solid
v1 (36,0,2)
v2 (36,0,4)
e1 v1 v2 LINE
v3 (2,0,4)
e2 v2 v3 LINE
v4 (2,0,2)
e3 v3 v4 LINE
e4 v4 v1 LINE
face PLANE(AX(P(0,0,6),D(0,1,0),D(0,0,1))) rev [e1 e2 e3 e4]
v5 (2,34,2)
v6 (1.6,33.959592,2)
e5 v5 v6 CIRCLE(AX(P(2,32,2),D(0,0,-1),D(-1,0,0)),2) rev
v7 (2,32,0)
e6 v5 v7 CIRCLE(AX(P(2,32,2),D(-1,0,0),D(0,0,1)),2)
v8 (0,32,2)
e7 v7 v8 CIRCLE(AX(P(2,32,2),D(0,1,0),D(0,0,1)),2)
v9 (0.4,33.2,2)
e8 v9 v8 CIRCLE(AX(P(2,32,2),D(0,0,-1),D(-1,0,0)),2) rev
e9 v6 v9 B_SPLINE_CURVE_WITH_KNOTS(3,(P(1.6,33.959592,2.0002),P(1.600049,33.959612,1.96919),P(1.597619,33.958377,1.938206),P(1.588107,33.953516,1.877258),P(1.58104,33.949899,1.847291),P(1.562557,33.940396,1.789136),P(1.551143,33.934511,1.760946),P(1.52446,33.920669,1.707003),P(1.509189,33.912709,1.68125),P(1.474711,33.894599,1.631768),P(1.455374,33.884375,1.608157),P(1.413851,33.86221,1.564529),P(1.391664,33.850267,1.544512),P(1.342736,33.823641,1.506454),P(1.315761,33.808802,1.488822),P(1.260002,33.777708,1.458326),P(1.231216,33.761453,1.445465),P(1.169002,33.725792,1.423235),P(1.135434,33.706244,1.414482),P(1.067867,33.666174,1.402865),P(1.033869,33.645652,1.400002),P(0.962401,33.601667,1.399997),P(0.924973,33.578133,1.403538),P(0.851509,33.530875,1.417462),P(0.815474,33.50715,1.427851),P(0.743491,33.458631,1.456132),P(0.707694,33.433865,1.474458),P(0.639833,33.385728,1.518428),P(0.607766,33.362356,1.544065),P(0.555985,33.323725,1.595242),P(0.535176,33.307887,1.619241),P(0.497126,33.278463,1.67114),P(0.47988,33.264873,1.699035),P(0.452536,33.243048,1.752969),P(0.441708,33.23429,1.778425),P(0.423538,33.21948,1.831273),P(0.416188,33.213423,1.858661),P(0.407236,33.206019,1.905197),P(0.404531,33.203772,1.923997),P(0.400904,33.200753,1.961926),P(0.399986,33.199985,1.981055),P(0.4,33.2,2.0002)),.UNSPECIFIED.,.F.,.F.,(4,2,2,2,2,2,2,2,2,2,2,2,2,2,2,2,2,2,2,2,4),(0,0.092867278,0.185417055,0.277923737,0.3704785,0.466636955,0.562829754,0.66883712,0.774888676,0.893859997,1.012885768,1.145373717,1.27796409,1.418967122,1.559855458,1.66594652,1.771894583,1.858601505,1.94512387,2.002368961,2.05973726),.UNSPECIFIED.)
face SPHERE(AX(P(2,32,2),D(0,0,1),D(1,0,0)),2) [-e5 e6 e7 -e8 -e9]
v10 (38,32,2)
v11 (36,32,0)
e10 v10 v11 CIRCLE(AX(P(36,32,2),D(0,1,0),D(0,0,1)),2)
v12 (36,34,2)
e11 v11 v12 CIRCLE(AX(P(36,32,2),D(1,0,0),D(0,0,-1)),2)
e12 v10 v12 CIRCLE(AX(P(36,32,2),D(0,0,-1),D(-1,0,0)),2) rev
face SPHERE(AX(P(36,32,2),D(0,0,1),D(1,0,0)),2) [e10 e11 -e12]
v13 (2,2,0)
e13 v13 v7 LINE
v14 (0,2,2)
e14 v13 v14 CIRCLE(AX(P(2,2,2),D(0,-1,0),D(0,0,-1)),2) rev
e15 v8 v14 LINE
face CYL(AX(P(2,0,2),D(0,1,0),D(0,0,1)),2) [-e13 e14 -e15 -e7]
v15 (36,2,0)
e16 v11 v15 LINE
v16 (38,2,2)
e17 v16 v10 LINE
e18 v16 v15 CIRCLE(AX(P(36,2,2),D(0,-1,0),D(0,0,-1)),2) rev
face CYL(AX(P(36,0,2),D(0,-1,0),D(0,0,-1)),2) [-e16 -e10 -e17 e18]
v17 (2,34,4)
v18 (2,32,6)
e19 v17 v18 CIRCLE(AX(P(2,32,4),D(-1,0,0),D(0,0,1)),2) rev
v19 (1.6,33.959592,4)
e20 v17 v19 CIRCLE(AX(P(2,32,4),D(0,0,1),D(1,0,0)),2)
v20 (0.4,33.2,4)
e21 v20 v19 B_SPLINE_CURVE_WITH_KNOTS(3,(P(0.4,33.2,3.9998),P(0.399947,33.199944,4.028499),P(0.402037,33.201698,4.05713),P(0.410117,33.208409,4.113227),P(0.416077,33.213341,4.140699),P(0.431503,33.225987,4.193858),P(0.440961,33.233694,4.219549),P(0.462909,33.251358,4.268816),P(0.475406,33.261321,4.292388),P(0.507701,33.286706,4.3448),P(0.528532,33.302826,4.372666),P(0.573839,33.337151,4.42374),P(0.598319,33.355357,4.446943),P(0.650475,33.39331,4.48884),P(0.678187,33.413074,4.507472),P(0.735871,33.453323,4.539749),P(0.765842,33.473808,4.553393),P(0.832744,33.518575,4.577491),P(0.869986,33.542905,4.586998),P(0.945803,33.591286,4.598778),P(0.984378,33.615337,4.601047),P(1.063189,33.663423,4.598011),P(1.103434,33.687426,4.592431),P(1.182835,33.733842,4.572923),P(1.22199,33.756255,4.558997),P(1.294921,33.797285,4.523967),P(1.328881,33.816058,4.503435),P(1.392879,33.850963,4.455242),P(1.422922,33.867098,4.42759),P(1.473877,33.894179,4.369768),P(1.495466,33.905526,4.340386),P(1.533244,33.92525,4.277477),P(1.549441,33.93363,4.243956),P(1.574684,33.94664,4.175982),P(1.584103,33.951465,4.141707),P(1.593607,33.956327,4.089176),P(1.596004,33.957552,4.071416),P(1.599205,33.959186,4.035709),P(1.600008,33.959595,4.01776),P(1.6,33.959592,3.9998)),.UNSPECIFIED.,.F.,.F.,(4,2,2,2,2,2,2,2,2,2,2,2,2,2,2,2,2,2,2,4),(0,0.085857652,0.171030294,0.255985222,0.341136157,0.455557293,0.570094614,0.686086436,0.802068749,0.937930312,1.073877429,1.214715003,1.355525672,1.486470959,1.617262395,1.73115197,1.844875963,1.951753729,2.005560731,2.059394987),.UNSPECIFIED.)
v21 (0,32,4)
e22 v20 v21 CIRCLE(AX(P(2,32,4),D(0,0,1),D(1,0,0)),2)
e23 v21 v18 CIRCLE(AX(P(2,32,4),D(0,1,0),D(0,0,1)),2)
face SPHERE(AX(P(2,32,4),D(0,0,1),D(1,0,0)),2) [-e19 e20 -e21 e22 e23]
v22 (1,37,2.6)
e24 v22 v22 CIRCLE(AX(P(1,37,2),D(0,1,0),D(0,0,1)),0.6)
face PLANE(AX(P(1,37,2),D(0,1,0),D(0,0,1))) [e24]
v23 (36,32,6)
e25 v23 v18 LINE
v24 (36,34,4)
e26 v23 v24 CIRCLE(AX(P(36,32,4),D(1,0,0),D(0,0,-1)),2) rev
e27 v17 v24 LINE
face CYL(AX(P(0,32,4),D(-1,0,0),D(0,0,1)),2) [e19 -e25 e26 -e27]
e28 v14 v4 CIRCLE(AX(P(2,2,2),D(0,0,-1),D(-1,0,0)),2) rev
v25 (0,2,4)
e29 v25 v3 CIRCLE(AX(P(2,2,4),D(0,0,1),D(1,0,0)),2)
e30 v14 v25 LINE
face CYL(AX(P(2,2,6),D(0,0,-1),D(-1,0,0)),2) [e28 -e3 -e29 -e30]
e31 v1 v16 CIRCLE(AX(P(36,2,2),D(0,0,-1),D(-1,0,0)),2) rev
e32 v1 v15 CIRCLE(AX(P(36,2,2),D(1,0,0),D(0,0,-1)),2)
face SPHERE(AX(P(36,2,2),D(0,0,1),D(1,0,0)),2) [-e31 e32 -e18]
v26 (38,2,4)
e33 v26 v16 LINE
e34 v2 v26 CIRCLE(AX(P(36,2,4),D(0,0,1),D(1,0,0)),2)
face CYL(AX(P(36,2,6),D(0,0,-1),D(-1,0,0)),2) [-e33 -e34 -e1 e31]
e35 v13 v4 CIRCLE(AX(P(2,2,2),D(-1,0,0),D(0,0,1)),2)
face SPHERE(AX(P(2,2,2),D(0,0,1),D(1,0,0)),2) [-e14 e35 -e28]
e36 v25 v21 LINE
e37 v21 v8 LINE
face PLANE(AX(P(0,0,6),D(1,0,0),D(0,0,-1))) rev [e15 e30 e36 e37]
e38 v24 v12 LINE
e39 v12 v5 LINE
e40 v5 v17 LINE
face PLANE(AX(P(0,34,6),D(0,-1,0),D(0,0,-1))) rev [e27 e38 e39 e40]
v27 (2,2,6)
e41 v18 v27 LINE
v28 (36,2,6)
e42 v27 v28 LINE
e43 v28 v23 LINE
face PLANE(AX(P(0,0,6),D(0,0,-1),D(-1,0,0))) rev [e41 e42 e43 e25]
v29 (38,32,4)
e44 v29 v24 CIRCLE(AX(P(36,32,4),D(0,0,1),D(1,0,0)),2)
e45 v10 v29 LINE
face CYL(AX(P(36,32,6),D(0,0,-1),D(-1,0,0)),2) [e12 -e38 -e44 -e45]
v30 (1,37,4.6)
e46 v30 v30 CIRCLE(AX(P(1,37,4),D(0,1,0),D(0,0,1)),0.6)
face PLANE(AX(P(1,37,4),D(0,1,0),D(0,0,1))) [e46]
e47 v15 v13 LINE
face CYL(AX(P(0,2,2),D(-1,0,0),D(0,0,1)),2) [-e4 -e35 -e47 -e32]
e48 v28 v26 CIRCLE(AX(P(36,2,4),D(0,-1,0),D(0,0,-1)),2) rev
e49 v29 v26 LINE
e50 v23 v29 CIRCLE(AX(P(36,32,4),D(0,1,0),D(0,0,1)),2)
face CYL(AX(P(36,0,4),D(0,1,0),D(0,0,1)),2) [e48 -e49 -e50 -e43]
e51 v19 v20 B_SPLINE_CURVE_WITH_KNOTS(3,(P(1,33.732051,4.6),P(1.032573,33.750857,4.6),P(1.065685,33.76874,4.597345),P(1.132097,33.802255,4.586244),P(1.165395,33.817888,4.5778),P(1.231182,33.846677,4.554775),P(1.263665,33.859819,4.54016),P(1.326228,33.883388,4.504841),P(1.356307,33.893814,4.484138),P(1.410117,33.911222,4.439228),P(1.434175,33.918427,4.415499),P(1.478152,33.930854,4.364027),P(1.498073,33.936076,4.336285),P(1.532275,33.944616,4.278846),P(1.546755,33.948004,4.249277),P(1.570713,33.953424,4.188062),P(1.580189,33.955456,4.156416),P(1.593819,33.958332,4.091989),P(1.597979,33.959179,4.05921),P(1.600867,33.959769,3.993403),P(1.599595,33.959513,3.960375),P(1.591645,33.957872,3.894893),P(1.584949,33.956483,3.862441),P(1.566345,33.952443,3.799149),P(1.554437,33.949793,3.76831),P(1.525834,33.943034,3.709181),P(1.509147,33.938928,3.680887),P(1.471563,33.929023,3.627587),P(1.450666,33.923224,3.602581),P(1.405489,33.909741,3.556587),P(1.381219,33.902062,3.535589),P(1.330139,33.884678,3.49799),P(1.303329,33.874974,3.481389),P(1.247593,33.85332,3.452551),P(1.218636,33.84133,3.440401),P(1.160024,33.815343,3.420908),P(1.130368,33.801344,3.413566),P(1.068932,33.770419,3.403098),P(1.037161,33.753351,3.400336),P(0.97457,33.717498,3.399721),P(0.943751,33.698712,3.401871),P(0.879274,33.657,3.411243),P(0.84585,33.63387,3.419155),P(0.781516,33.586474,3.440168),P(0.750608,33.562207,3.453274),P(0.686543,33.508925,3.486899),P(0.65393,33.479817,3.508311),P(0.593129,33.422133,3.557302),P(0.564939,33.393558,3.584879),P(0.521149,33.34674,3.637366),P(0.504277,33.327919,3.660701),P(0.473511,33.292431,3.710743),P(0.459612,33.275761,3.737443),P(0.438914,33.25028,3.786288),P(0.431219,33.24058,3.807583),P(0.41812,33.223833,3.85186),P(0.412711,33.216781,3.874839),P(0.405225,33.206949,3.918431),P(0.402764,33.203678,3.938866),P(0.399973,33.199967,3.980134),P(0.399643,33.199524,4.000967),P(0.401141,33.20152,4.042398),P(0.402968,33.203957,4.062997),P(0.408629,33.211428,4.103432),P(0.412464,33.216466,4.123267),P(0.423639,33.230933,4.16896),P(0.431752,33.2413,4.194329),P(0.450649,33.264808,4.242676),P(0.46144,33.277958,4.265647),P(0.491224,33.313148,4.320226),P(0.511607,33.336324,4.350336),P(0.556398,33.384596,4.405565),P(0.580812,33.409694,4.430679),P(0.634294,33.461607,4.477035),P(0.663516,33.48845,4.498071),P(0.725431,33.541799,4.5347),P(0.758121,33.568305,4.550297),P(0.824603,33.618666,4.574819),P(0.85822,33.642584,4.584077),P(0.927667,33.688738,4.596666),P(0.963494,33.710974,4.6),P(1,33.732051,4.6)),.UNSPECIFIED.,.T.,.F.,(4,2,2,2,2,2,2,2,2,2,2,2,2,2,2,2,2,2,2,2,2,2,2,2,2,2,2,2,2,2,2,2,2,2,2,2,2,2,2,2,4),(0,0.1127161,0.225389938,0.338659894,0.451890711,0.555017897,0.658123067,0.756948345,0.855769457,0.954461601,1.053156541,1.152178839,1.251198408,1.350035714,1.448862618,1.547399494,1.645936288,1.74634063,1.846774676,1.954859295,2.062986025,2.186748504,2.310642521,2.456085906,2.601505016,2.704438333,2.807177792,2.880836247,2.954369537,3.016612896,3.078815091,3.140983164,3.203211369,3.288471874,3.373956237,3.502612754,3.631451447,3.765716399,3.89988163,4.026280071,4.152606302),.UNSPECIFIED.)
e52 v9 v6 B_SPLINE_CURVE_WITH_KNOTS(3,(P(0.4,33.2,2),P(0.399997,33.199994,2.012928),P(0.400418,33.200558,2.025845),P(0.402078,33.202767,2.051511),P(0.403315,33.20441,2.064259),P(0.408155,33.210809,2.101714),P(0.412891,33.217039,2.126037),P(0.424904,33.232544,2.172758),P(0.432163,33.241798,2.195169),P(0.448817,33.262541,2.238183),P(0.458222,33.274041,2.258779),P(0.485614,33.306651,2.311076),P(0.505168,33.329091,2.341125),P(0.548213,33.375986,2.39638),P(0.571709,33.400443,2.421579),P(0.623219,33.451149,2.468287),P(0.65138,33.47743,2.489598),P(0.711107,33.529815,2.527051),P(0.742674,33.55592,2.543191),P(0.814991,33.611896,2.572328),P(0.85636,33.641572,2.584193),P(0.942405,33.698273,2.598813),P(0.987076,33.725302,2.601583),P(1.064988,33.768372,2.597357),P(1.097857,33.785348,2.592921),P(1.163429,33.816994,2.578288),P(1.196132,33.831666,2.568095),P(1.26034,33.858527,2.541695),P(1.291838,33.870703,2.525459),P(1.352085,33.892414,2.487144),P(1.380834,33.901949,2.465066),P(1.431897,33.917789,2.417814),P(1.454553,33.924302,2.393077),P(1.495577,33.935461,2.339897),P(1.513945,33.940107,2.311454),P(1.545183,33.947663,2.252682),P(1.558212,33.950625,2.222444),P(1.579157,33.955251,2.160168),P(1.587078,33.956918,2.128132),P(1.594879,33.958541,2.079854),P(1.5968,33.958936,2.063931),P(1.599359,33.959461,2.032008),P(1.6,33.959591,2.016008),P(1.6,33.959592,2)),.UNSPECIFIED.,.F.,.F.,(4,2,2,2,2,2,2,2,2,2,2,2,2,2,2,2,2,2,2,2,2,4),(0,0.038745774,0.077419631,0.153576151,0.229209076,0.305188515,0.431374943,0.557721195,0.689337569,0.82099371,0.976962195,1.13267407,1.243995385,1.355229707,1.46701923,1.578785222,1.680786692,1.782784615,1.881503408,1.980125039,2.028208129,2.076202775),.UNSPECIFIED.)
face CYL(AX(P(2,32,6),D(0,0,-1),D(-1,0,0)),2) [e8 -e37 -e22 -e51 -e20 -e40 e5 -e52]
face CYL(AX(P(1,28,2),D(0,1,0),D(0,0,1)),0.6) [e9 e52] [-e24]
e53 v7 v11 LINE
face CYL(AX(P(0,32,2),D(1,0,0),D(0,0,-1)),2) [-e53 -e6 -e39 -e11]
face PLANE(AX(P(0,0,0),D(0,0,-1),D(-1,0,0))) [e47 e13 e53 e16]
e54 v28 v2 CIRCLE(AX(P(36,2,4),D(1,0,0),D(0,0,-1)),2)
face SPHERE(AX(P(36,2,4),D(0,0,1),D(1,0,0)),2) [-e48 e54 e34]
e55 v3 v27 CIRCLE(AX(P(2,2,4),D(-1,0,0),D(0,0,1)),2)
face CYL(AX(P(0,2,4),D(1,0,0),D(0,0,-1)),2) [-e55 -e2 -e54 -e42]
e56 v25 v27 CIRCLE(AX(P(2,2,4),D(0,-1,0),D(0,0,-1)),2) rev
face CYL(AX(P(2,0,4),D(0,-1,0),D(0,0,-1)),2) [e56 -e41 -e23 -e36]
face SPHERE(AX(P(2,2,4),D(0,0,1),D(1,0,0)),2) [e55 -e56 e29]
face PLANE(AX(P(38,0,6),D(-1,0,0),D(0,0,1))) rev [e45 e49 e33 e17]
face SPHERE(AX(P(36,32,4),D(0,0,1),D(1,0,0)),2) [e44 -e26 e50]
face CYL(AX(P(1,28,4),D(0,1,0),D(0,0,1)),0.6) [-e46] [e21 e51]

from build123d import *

# Parameters (mm, degrees)
ESQUISSE1_W             = 38
ESQUISSE1_H             = 34
BOSS_EXTRU_1_DEPTH      = 6
CONG_2_R                = 2
ESQUISSE2_R             = 0.6
BOSS_EXTRU_2_DEPTH      = 3
BOSS_EXTRU_2_DEPTH_BACK = 6


with BuildPart() as part:
    # Esquisse1 → Boss.-Extru.1 (new body)
    with BuildSketch(Plane.XY):
        with Locations((19, 17)):
            Rectangle(ESQUISSE1_W, ESQUISSE1_H)
    extrude(amount=BOSS_EXTRU_1_DEPTH)

    # Congé2
    cong_2_edges = [part.edges().sort_by_distance(p)[0] for p in [
        (38, 17, 6),
        (19, 34, 6),
        (0, 17, 6),
        (19, 34, 0),
        (38, 17, 0),
        (19, 0, 0),
        (0, 17, 0),
        (0, 34, 3),
        (38, 34, 3),
        (38, 0, 3),
        (0, 0, 3),
        (19, 0, 6),
    ]]
    fillet(cong_2_edges, radius=CONG_2_R)

    # Esquisse2 → Boss.-Extru.2 (add, two sides)
    with BuildSketch(Plane(origin=(0, 34, 0), x_dir=(1, 0, 0), z_dir=(0, 1, 0))) as boss_extru_2_sk:
        with Locations((1, -2)):
            Circle(ESQUISSE2_R)
        with Locations((1, -4)):
            Circle(ESQUISSE2_R)
    extrude(amount=BOSS_EXTRU_2_DEPTH)
    extrude(boss_extru_2_sk.sketch, amount=-BOSS_EXTRU_2_DEPTH_BACK)


solid = part.part
